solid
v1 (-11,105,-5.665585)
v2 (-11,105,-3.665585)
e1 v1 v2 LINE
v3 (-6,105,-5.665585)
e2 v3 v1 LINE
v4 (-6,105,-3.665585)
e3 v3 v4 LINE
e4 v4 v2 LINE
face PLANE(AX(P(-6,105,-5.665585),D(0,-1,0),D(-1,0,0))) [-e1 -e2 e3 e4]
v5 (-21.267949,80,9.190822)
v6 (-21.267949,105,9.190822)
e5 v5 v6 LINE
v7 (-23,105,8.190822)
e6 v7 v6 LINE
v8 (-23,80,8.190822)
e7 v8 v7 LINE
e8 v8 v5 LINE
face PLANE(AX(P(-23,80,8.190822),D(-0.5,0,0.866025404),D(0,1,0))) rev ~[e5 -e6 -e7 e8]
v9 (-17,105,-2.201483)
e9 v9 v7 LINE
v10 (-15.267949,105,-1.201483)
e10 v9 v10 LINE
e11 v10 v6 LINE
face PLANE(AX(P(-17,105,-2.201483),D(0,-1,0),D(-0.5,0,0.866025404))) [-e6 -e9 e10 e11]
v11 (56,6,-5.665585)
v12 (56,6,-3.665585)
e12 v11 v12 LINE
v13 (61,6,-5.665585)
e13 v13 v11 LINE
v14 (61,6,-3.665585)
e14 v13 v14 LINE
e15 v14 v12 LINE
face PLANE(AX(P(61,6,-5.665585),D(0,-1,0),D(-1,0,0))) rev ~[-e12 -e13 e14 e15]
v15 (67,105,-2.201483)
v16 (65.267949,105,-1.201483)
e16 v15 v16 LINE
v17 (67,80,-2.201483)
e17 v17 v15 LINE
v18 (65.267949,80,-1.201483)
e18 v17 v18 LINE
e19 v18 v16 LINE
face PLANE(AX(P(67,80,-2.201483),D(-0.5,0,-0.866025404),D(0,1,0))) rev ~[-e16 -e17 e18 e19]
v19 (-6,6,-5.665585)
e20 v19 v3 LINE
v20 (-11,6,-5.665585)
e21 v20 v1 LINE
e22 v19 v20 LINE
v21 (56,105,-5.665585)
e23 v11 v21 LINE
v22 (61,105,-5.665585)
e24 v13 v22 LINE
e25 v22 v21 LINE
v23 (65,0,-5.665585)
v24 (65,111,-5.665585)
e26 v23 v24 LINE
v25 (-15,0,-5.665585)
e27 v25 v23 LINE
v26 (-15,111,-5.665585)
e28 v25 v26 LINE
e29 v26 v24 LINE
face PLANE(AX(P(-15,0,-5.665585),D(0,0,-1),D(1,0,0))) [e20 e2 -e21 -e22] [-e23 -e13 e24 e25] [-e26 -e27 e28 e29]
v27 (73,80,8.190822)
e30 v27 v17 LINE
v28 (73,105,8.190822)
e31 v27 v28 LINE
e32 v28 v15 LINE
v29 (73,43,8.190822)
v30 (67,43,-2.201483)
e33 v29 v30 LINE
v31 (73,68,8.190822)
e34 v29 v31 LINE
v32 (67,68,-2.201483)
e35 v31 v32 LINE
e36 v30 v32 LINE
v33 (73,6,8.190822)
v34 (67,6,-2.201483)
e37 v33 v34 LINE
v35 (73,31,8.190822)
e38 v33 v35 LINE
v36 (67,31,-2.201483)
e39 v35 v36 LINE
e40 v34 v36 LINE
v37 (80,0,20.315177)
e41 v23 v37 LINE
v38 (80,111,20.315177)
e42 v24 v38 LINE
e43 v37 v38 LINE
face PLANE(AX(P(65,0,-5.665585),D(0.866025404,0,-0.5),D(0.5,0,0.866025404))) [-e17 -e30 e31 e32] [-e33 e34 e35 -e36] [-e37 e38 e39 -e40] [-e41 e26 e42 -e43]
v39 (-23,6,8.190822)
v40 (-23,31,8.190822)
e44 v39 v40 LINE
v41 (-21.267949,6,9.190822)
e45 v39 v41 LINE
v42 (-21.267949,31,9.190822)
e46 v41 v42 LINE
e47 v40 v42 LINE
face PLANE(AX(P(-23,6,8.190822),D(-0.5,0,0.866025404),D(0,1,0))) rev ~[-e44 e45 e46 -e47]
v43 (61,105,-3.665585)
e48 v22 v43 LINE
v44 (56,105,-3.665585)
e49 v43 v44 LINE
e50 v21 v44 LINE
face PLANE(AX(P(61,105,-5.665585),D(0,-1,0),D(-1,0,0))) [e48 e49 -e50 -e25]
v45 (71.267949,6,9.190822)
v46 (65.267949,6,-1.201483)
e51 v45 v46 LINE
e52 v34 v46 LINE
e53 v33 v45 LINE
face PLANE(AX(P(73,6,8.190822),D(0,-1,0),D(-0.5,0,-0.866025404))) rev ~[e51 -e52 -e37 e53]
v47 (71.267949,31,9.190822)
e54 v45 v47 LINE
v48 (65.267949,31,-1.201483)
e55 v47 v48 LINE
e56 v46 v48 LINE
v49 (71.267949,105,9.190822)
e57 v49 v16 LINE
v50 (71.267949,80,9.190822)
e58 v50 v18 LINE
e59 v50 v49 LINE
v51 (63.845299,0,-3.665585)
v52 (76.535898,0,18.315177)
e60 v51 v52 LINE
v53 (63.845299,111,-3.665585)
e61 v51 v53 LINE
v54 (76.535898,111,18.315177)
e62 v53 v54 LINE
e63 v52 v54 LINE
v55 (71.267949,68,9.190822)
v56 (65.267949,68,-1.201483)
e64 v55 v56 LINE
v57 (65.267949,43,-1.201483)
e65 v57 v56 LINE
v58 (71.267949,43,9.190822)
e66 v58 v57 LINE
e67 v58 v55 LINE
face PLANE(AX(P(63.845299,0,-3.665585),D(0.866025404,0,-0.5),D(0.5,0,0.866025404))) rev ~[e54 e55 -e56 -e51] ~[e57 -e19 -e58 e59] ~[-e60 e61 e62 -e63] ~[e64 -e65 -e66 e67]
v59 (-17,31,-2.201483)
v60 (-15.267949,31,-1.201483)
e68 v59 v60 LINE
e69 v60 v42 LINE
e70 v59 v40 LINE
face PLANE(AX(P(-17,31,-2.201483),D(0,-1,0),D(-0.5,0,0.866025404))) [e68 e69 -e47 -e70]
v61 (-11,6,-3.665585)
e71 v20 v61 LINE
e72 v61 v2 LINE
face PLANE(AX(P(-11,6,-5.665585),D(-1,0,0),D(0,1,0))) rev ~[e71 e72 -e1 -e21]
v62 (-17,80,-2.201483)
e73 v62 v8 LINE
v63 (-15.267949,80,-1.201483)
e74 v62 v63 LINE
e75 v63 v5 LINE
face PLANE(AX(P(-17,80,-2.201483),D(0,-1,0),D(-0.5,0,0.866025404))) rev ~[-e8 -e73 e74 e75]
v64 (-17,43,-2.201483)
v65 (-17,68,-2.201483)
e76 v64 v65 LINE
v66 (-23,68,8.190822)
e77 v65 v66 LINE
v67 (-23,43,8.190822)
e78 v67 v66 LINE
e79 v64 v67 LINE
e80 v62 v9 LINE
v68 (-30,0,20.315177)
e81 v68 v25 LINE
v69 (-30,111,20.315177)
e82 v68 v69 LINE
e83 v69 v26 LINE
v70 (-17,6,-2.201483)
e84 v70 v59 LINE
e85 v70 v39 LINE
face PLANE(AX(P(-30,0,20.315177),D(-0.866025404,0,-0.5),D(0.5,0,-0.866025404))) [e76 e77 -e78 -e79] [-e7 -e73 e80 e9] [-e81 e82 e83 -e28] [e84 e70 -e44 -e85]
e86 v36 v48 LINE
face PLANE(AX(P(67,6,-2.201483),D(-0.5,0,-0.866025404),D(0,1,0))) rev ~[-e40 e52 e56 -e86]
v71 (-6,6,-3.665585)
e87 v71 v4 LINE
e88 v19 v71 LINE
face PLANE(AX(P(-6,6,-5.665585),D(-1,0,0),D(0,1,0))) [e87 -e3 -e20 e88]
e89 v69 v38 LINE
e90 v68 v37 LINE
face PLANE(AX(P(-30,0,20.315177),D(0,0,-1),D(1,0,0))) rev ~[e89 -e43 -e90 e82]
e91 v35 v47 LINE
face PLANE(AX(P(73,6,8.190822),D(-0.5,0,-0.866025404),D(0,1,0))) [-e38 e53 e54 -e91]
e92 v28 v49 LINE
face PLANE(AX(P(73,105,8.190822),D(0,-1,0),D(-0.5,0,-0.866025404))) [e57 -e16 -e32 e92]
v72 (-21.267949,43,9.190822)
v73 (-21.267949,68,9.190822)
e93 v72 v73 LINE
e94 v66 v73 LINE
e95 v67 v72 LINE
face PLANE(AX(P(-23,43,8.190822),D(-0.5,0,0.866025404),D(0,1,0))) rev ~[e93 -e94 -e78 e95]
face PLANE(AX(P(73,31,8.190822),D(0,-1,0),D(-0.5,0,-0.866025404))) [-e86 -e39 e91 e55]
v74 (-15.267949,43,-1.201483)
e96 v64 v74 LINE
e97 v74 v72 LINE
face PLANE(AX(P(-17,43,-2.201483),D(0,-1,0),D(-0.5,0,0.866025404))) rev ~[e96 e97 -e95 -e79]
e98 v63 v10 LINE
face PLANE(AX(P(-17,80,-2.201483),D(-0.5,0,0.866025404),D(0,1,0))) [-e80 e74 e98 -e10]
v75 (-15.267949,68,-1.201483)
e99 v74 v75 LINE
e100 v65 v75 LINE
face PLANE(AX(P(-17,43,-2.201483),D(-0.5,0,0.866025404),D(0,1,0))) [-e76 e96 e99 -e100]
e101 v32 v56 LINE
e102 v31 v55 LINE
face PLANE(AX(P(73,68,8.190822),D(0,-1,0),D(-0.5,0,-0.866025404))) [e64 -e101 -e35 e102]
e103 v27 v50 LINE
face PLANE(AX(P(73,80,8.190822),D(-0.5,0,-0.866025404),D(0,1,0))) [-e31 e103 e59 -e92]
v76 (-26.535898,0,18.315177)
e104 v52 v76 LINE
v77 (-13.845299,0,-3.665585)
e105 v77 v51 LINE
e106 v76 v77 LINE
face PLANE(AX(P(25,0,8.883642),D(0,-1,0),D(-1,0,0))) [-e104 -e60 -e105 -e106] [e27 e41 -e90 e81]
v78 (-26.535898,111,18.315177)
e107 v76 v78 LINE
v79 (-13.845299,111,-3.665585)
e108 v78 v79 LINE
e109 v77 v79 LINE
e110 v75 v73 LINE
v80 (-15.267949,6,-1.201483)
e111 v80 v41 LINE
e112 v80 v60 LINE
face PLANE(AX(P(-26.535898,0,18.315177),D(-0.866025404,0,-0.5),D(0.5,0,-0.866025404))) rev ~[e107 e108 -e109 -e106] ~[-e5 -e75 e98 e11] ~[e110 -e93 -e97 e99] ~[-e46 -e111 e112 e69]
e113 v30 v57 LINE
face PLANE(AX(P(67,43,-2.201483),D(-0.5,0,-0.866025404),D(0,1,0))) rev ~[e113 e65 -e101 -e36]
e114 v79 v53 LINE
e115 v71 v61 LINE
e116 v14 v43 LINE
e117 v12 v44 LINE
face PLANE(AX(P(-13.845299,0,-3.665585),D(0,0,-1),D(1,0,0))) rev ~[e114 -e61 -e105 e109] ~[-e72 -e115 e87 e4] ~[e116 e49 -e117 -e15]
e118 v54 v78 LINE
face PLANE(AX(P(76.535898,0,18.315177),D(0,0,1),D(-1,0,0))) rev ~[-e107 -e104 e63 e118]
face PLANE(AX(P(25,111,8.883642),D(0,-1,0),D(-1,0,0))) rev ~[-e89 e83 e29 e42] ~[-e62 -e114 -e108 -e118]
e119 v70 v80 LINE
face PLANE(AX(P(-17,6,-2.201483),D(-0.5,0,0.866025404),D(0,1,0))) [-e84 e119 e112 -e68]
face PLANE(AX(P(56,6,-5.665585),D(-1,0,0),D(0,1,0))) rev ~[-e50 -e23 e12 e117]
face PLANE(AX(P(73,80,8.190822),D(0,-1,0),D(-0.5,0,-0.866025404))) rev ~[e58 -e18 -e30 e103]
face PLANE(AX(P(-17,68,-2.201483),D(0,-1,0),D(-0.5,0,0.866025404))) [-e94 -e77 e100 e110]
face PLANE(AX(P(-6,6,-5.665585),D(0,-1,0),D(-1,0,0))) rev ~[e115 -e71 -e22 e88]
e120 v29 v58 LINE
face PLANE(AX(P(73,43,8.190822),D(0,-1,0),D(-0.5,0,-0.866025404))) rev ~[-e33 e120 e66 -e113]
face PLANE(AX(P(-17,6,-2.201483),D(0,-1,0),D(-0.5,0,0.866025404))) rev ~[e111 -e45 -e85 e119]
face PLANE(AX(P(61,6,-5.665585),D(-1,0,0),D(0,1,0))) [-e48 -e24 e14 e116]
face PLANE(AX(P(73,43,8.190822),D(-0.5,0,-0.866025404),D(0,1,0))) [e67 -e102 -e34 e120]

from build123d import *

# Parameters (mm, degrees)
EXTRUDE_1_DEPTH     = 111
SKETCH_3_W          = 12
SKETCH_3_H          = 25
CUT_EXTRUDE_1_DEPTH = 2
SKETCH_5_W          = 12
SKETCH_5_H          = 25
CUT_EXTRUDE_2_DEPTH = 2
SKETCH_6_W          = 5
SKETCH_6_H          = 99
CUT_EXTRUDE_3_DEPTH = 2


with BuildPart() as part:
    # 草圖1 → 填料-伸長1 (new body)
    with BuildSketch(Plane(origin=(0, 0, 0), x_dir=(1, 0, 0), z_dir=(0, 1, 0))):
        Polygon((-15, 5.665584657), (65, 5.665584657), (80, -20.315177457), (65, -20.315177457), (-15, -20.315177457), (-30, -20.315177457), align=None)
        Polygon((-13.845299462, 3.665584657), (63.845299462, 3.665584657), (76.535898385, -18.315177457), (65, -18.315177457), (-15, -18.315177457), (-26.535898385, -18.315177457), align=None, mode=Mode.SUBTRACT)
    extrude(amount=EXTRUDE_1_DEPTH)

    # 草圖3 → 除料-伸長1 (cut)
    with BuildSketch(Plane(origin=(51.20327012, 0, -29.562221787), x_dir=(-0.5, 0, -0.866025404), z_dir=(0.866025404, 0, -0.5))):
        with Locations((-37.59345976, 92.5)):
            Rectangle(SKETCH_3_W, SKETCH_3_H)
        with Locations((-37.59345976, 55.5)):
            Rectangle(SKETCH_3_W, SKETCH_3_H)
        with Locations((-37.59345976, 18.5)):
            Rectangle(SKETCH_3_W, SKETCH_3_H)
    extrude(amount=-CUT_EXTRUDE_1_DEPTH, mode=Mode.SUBTRACT)

    # 草圖5 → 除料-伸長2 (cut)
    with BuildSketch(Plane(origin=(-13.70327012, 0, -7.911586693), x_dir=(-0.5, 0, 0.866025404), z_dir=(-0.866025404, 0, -0.5))):
        with Locations((12.59345976, 92.5)):
            Rectangle(SKETCH_5_W, SKETCH_5_H)
        with Locations((12.59345976, 55.5)):
            Rectangle(SKETCH_5_W, SKETCH_5_H)
        with Locations((12.59345976, 18.5)):
            Rectangle(SKETCH_5_W, SKETCH_5_H)
    extrude(amount=-CUT_EXTRUDE_2_DEPTH, mode=Mode.SUBTRACT)

    # 草圖6 → 除料-伸長3 (cut)
    with BuildSketch(Plane(origin=(0, 0, -5.665584657), x_dir=(-1, 0, 0), z_dir=(0, 0, -1))):
        with Locations((-58.5, 55.5)):
            Rectangle(SKETCH_6_W, SKETCH_6_H)
        with Locations((8.5, 55.5)):
            Rectangle(SKETCH_6_W, SKETCH_6_H)
    extrude(amount=-CUT_EXTRUDE_3_DEPTH, mode=Mode.SUBTRACT)


solid = part.part
